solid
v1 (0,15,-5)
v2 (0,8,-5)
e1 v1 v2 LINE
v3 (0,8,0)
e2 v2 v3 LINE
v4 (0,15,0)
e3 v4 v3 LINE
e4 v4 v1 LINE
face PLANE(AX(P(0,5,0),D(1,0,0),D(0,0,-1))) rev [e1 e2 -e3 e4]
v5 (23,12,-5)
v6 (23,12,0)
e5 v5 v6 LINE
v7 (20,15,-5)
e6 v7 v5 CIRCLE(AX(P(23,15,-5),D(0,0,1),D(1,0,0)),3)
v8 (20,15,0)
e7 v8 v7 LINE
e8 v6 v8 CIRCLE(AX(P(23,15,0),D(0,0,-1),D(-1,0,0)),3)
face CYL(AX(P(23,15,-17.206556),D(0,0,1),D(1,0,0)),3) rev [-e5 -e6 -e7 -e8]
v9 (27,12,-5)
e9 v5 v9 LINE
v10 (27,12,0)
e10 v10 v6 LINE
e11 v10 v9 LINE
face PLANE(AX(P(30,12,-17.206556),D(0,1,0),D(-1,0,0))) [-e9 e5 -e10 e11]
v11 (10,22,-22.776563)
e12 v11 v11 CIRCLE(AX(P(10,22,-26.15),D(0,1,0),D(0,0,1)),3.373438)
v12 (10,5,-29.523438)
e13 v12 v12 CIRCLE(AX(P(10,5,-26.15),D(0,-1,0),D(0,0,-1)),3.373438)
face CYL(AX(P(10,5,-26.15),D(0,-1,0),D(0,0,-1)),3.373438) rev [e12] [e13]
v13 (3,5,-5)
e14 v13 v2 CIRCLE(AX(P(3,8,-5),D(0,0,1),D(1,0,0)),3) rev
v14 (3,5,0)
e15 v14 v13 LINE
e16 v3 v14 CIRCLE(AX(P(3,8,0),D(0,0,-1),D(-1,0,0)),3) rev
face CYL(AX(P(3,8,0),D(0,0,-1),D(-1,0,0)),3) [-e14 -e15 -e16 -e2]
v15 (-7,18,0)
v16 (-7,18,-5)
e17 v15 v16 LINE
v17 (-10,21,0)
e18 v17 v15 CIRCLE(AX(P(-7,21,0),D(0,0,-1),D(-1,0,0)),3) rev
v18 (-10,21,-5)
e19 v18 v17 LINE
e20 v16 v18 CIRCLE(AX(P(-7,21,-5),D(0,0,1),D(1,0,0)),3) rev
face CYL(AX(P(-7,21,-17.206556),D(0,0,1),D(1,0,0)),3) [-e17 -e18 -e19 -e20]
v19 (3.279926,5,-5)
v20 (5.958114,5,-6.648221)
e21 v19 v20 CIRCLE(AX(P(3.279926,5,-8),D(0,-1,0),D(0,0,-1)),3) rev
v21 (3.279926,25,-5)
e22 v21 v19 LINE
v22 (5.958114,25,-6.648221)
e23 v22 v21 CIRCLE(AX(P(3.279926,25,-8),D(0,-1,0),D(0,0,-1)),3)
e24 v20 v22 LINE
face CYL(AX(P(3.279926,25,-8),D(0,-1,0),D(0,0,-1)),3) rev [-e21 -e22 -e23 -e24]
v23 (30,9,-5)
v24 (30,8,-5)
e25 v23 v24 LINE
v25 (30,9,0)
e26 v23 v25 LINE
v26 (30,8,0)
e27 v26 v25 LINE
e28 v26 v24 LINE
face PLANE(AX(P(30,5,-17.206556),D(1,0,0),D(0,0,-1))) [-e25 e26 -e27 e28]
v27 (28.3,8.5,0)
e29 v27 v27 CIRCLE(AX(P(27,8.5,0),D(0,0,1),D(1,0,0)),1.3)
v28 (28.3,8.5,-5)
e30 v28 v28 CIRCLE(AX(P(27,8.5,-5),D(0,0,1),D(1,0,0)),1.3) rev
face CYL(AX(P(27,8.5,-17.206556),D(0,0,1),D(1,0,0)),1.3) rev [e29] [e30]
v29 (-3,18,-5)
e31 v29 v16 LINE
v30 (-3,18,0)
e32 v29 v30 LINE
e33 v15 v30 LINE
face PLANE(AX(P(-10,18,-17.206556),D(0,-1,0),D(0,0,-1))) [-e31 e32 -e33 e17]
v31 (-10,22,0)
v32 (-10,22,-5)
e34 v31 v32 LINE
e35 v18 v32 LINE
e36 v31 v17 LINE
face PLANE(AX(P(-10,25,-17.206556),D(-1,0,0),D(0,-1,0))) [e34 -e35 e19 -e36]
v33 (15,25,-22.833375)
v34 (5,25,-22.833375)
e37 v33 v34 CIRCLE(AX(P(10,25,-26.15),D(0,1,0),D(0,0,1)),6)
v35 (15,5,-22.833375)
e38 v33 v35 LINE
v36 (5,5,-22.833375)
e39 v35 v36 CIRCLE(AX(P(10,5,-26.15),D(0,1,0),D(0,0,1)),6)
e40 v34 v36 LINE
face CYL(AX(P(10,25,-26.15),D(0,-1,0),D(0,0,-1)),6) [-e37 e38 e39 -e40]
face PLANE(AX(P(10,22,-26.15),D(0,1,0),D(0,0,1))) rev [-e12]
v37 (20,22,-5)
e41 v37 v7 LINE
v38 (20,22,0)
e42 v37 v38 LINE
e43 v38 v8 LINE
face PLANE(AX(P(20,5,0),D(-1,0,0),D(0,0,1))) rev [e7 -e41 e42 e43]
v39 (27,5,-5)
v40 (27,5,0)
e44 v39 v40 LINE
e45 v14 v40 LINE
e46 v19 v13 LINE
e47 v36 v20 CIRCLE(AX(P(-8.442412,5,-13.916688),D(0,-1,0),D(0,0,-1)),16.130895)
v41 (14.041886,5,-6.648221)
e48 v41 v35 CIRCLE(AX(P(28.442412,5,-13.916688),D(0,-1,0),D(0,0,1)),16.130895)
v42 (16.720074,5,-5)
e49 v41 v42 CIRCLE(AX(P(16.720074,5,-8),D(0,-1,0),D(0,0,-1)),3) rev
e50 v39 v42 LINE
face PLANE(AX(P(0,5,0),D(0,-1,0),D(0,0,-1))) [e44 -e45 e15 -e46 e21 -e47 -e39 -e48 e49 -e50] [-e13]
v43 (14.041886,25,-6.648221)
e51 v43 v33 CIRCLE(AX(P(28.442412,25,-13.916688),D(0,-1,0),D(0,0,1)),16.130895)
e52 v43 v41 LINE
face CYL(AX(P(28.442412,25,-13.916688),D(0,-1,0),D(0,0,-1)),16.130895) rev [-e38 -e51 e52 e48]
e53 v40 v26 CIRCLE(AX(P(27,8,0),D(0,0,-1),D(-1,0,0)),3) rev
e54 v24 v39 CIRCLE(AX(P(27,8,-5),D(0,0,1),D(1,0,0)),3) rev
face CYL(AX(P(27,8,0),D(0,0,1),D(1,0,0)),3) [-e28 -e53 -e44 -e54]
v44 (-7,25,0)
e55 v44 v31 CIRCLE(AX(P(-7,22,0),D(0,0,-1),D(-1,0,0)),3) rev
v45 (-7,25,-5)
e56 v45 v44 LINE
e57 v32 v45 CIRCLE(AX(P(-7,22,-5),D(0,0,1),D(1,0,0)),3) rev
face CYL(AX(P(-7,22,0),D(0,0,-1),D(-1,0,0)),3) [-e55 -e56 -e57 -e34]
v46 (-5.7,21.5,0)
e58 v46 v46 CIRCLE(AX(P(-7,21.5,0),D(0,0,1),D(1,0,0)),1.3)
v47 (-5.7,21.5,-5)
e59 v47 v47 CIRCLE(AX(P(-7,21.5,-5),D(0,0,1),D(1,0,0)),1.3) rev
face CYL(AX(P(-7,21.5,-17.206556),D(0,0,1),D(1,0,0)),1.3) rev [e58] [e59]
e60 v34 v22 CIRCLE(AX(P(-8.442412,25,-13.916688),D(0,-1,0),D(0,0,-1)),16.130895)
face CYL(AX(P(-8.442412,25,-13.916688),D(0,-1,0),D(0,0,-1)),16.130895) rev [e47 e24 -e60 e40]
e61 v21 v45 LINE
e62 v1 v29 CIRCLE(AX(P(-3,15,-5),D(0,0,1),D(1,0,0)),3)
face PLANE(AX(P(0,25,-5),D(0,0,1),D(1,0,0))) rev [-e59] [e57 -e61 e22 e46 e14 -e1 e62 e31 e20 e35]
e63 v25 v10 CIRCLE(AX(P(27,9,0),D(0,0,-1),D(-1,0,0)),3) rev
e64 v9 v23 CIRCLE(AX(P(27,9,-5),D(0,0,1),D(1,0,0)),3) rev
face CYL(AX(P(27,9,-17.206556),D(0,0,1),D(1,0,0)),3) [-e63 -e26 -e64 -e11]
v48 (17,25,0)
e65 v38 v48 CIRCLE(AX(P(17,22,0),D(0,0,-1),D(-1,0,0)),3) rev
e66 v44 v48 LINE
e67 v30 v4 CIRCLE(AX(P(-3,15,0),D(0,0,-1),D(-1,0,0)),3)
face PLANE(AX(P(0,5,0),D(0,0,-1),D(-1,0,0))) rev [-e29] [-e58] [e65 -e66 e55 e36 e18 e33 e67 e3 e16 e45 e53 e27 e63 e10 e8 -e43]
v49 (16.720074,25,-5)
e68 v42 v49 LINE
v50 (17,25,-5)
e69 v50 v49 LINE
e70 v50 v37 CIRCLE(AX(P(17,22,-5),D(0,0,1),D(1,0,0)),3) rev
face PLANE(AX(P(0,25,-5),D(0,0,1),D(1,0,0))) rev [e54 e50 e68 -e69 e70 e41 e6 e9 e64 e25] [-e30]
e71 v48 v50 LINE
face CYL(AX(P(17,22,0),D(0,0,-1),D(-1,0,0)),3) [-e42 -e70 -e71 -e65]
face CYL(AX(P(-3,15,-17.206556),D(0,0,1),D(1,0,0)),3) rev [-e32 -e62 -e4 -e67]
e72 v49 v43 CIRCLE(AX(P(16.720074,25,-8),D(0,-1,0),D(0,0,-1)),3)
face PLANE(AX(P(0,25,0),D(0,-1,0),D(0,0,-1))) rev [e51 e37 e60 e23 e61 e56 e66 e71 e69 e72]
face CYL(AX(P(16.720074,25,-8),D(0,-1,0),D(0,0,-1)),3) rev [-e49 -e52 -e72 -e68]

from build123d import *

# Parameters (mm, degrees)
SKETCH1_W           = 20
SKETCH1_H           = 35
SKETCH1_R           = 3.3734375
BOSS_EXTRUDE1_DEPTH = 5
SKETCH2_W           = 20
SKETCH2_H           = 5
BOSS_EXTRUDE2_DEPTH = 20
SKETCH3_R           = 3.3734375
BOSS_EXTRUDE3_DEPTH = 20
SKETCH4_W           = 20
SKETCH4_H           = 35
CUT_EXTRUDE1_DEPTH  = 5
BOSS_EXTRUDE4_START = -3
SKETCH5_R           = 3.3734375
BOSS_EXTRUDE4_DEPTH = 3
SKETCH6_W           = 10
SKETCH6_H           = 7
SKETCH6_R           = 1.3
BOSS_EXTRUDE5_DEPTH = 5
FILLET1_R           = 3


with BuildPart() as part:
    # Sketch1 → Boss-Extrude1 (new body)
    with BuildSketch(Plane(origin=(0, 0, 0), x_dir=(1, 0, 0), z_dir=(0, 1, 0))):
        with Locations((10, 17.5)):
            Rectangle(SKETCH1_W, SKETCH1_H)
        with Locations(Location((10, 26.15, 0), (0, 0, 270))):
            Circle(SKETCH1_R, mode=Mode.SUBTRACT)
    extrude(amount=BOSS_EXTRUDE1_DEPTH)

    # Sketch2 → Boss-Extrude2 (add)
    with BuildSketch(Plane(origin=(0, 5, 0), x_dir=(1, 0, 0), z_dir=(0, 1, 0))):
        with Locations((10, 2.5)):
            Rectangle(SKETCH2_W, SKETCH2_H)
    extrude(amount=BOSS_EXTRUDE2_DEPTH)

    # Sketch3 → Boss-Extrude3 (add)
    with BuildSketch(Plane(origin=(0, 5, 0), x_dir=(1, 0, 0), z_dir=(0, 1, 0))):
        with BuildLine():
            Line((5, 5), (15, 5))
            ThreePointArc((15, 5), (12.311517531, 13.916687605), (15, 22.83337521))
            ThreePointArc((15, 22.83337521), (10, 32.15), (5, 22.83337521))
            ThreePointArc((5, 22.83337521), (7.688482469, 13.916687605), (5, 5))
        make_face()
        with Locations(Location((10, 26.15, 0), (0, 0, 270))):
            Circle(SKETCH3_R, mode=Mode.SUBTRACT)
    extrude(amount=BOSS_EXTRUDE3_DEPTH)

    # Sketch4 → Cut-Extrude1 (cut)
    with BuildSketch(Plane.XZ):
        with Locations((10, -17.5)):
            Rectangle(SKETCH4_W, SKETCH4_H)
    extrude(amount=-CUT_EXTRUDE1_DEPTH, mode=Mode.SUBTRACT)

    # Sketch5 → Boss-Extrude4 (add)
    with BuildSketch(Plane(origin=(0, 25, 0), x_dir=(1, 0, 0), z_dir=(0, 1, 0)).offset(BOSS_EXTRUDE4_START)):
        with Locations(Location((10, 26.15, 0), (0, 0, 90))):
            Circle(SKETCH5_R)
    extrude(amount=BOSS_EXTRUDE4_DEPTH)

    # Sketch6 → Boss-Extrude5 (add)
    # profile 1 of 2: a face of its own
    with BuildSketch(Plane.XY):
        with Locations((25, 8.5)):
            Rectangle(SKETCH6_W, SKETCH6_H)
        with Locations((27, 8.5)):
            Circle(SKETCH6_R, mode=Mode.SUBTRACT)
    # profile 2 of 2: a face of its own
    with BuildSketch(Plane.XY):
        with Locations((-5, 21.5)):
            Rectangle(SKETCH6_W, SKETCH6_H)
        with Locations((-7, 21.5)):
            Circle(SKETCH6_R, mode=Mode.SUBTRACT)
    extrude(amount=-BOSS_EXTRUDE5_DEPTH)

    # Fillet1
    fillet1_edges = [part.edges().sort_by_distance(p)[0] for p in [
        (20, 25, -2.5),
        (5, 15, -5),
        (15, 15, -5),
        (0, 5, -2.5),
        (30, 5, -2.5),
        (30, 12, -2.5),
        (20, 12, -2.5),
        (-10, 25, -2.5),
        (-10, 18, -2.5),
        (0, 18, -2.5),
    ]]
    fillet(fillet1_edges, radius=FILLET1_R)


solid = part.part
